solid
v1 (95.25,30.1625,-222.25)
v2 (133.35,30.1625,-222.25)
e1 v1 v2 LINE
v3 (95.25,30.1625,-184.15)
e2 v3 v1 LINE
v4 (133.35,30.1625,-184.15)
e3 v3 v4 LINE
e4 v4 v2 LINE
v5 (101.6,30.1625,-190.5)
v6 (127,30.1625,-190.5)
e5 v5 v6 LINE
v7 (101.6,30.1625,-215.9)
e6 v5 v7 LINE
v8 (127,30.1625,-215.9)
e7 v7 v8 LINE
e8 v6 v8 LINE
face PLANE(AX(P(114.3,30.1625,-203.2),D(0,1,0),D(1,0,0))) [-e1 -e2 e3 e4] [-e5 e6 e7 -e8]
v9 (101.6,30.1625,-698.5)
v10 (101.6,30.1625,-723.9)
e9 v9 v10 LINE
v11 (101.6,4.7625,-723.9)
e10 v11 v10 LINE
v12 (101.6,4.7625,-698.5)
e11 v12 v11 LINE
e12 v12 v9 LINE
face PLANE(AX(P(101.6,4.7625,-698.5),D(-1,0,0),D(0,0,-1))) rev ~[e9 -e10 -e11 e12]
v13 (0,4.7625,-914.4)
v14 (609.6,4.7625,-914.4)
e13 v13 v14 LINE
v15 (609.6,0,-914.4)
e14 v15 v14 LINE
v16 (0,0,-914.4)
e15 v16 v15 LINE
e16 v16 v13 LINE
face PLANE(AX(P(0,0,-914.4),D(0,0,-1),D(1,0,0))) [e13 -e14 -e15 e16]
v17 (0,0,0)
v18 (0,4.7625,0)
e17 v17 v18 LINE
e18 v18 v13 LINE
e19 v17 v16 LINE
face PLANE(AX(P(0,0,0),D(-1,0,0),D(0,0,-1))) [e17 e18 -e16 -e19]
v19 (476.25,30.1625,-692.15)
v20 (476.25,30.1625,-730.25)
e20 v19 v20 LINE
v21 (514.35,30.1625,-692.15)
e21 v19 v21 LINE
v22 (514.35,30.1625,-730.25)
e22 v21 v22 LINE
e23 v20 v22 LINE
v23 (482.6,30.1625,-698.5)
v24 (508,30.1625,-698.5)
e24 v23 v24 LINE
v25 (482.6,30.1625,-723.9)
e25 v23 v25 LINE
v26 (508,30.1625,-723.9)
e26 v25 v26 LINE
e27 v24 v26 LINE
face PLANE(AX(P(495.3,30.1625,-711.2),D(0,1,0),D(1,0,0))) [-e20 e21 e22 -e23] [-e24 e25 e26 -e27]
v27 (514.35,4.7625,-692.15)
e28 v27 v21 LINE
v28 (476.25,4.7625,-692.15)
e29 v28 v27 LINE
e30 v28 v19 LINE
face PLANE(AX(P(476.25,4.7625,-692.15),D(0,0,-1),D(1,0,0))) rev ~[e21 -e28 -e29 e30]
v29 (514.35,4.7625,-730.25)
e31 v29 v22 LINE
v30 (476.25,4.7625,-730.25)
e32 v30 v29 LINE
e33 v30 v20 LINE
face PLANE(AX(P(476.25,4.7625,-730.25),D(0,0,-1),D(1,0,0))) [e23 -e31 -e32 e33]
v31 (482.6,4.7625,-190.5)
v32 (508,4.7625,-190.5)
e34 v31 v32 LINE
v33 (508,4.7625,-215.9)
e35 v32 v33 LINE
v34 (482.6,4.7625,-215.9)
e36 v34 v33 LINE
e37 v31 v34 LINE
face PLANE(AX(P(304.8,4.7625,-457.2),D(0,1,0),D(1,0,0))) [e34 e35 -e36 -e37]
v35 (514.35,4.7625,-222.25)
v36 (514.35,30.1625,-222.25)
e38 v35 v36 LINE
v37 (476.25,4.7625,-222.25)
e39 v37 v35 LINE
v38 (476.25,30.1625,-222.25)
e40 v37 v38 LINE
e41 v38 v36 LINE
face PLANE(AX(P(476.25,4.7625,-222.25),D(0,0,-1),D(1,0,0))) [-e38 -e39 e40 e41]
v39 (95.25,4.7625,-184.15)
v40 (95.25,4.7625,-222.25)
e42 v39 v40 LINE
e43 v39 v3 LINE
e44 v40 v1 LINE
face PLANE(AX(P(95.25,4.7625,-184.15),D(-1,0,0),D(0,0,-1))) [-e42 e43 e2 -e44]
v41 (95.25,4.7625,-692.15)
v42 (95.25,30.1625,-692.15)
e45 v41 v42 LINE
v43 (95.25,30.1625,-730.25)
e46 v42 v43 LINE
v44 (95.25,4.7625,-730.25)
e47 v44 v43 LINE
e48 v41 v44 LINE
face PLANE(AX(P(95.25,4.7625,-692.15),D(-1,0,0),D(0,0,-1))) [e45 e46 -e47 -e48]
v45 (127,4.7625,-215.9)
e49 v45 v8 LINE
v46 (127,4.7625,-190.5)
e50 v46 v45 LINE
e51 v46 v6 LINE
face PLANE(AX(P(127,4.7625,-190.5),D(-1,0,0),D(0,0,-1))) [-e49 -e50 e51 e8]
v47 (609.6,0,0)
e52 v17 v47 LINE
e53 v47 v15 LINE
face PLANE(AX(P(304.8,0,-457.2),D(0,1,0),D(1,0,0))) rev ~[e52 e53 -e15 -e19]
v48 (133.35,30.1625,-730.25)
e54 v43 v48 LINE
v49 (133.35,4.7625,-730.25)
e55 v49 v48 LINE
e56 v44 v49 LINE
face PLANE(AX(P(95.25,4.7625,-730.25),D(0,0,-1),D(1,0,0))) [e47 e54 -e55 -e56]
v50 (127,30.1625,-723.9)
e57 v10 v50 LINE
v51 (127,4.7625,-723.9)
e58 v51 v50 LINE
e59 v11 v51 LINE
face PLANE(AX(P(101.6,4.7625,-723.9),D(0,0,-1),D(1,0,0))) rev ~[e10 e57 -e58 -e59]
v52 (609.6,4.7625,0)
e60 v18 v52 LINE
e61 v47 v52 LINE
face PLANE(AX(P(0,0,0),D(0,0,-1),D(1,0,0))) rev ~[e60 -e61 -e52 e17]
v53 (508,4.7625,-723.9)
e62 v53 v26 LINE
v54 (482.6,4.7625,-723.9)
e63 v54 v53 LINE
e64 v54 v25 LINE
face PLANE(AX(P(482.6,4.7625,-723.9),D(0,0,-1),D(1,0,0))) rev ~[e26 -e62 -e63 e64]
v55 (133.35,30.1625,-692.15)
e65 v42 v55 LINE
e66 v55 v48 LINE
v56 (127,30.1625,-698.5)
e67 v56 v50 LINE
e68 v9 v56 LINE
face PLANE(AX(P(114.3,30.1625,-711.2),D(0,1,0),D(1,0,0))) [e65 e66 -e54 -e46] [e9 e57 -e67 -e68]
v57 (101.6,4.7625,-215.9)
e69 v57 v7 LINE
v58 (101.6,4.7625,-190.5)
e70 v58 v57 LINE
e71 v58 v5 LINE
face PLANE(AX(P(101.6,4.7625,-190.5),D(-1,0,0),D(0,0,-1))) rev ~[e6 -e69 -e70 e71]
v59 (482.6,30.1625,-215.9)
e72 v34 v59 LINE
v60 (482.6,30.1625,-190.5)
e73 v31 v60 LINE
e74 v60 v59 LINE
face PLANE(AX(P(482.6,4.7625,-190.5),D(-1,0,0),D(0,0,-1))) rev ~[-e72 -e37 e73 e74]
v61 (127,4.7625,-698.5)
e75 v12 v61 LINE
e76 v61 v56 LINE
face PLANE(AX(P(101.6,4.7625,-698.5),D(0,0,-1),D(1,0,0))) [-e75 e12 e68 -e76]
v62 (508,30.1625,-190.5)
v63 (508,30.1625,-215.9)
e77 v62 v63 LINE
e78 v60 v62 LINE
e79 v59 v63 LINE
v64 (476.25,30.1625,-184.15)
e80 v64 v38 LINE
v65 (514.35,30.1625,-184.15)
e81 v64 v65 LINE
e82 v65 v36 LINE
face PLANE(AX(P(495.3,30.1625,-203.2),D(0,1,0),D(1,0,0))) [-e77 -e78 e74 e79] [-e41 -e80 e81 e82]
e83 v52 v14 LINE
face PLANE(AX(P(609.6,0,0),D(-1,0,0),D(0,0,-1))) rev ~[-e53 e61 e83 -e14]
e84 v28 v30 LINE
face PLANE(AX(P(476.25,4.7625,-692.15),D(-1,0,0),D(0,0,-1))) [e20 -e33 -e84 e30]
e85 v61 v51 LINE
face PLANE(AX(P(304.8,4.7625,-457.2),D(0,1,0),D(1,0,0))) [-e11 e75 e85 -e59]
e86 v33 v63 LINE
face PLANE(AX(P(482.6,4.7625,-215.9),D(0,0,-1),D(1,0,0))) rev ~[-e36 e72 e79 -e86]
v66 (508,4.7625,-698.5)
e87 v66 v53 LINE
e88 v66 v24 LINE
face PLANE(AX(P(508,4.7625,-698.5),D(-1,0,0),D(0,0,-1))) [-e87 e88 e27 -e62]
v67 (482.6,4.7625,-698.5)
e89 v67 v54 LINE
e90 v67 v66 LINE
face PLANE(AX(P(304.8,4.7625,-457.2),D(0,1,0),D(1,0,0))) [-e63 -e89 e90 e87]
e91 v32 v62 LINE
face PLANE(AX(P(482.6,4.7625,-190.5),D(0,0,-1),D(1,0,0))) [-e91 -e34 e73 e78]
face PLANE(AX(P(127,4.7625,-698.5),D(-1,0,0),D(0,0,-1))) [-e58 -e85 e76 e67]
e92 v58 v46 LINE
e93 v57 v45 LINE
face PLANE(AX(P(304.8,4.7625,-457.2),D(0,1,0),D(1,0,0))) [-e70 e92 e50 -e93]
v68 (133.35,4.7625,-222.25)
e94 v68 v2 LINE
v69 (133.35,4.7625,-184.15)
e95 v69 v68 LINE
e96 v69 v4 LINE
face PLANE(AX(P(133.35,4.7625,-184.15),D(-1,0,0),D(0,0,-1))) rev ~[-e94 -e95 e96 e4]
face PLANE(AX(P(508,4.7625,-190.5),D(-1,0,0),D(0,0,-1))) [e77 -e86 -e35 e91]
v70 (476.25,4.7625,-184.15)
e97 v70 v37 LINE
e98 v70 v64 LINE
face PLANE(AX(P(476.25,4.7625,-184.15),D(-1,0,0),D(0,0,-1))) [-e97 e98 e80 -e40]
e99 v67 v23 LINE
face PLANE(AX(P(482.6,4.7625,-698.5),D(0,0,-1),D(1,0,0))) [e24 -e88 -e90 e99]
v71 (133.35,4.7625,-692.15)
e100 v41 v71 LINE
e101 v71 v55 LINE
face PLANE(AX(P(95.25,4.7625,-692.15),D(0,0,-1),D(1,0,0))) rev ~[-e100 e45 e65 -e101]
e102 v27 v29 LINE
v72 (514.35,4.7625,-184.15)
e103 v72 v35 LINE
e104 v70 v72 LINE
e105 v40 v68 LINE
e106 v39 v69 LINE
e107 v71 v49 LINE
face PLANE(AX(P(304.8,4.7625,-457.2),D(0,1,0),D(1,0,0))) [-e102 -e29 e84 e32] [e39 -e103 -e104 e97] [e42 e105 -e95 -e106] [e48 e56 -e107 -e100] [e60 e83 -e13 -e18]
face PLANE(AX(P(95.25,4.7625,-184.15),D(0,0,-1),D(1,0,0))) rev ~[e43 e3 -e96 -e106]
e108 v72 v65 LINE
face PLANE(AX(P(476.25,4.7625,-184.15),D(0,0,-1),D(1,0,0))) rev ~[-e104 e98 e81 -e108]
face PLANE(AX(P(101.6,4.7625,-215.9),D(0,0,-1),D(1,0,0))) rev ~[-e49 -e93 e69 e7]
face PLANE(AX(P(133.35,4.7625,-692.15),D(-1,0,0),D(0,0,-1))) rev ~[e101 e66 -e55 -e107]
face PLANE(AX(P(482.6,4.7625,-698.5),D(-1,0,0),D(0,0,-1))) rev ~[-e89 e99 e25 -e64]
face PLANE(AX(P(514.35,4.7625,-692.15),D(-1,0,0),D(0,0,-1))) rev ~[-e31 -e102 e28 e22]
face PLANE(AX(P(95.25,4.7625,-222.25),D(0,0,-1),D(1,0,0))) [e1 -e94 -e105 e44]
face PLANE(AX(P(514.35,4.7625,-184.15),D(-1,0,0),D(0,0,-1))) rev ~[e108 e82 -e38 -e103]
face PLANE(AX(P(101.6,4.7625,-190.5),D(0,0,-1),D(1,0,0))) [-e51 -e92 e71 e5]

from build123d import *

# Parameters (mm, degrees)
SKETCH1_W           = 609.6
SKETCH1_H           = 914.4
BOSS_EXTRUDE1_DEPTH = 4.7625
SKETCH4_W           = 38.1
SKETCH4_H           = 38.1
SKETCH4_W_2         = 25.4
SKETCH4_H_2         = 25.4
BOSS_EXTRUDE2_DEPTH = 25.4


with BuildPart() as part:
    # Sketch1 → Boss-Extrude1 (new body)
    with BuildSketch(Plane(origin=(0, 0, 0), x_dir=(1, 0, 0), z_dir=(0, 1, 0))):
        with Locations((304.8, 457.2)):
            Rectangle(SKETCH1_W, SKETCH1_H)
    extrude(amount=BOSS_EXTRUDE1_DEPTH)

    # Sketch4 → Boss-Extrude2 (add)
    with BuildSketch(Plane(origin=(0, 4.7625, 0), x_dir=(1, 0, 0), z_dir=(0, 1, 0))):
        with Locations((114.3, 711.2)):
            Rectangle(SKETCH4_W, SKETCH4_H)
        with Locations((114.3, 711.2)):
            Rectangle(SKETCH4_W_2, SKETCH4_H_2, mode=Mode.SUBTRACT)
        with Locations((495.3, 711.2)):
            Rectangle(SKETCH4_W, SKETCH4_H)
        with Locations((495.3, 711.2)):
            Rectangle(SKETCH4_W_2, SKETCH4_H_2, mode=Mode.SUBTRACT)
        with Locations((495.3, 203.2)):
            Rectangle(SKETCH4_W, SKETCH4_H)
        with Locations((495.3, 203.2)):
            Rectangle(SKETCH4_W_2, SKETCH4_H_2, mode=Mode.SUBTRACT)
        with Locations((114.3, 203.2)):
            Rectangle(SKETCH4_W, SKETCH4_H)
        with Locations((114.3, 203.2)):
            Rectangle(SKETCH4_W_2, SKETCH4_H_2, mode=Mode.SUBTRACT)
    extrude(amount=BOSS_EXTRUDE2_DEPTH)


solid = part.part
